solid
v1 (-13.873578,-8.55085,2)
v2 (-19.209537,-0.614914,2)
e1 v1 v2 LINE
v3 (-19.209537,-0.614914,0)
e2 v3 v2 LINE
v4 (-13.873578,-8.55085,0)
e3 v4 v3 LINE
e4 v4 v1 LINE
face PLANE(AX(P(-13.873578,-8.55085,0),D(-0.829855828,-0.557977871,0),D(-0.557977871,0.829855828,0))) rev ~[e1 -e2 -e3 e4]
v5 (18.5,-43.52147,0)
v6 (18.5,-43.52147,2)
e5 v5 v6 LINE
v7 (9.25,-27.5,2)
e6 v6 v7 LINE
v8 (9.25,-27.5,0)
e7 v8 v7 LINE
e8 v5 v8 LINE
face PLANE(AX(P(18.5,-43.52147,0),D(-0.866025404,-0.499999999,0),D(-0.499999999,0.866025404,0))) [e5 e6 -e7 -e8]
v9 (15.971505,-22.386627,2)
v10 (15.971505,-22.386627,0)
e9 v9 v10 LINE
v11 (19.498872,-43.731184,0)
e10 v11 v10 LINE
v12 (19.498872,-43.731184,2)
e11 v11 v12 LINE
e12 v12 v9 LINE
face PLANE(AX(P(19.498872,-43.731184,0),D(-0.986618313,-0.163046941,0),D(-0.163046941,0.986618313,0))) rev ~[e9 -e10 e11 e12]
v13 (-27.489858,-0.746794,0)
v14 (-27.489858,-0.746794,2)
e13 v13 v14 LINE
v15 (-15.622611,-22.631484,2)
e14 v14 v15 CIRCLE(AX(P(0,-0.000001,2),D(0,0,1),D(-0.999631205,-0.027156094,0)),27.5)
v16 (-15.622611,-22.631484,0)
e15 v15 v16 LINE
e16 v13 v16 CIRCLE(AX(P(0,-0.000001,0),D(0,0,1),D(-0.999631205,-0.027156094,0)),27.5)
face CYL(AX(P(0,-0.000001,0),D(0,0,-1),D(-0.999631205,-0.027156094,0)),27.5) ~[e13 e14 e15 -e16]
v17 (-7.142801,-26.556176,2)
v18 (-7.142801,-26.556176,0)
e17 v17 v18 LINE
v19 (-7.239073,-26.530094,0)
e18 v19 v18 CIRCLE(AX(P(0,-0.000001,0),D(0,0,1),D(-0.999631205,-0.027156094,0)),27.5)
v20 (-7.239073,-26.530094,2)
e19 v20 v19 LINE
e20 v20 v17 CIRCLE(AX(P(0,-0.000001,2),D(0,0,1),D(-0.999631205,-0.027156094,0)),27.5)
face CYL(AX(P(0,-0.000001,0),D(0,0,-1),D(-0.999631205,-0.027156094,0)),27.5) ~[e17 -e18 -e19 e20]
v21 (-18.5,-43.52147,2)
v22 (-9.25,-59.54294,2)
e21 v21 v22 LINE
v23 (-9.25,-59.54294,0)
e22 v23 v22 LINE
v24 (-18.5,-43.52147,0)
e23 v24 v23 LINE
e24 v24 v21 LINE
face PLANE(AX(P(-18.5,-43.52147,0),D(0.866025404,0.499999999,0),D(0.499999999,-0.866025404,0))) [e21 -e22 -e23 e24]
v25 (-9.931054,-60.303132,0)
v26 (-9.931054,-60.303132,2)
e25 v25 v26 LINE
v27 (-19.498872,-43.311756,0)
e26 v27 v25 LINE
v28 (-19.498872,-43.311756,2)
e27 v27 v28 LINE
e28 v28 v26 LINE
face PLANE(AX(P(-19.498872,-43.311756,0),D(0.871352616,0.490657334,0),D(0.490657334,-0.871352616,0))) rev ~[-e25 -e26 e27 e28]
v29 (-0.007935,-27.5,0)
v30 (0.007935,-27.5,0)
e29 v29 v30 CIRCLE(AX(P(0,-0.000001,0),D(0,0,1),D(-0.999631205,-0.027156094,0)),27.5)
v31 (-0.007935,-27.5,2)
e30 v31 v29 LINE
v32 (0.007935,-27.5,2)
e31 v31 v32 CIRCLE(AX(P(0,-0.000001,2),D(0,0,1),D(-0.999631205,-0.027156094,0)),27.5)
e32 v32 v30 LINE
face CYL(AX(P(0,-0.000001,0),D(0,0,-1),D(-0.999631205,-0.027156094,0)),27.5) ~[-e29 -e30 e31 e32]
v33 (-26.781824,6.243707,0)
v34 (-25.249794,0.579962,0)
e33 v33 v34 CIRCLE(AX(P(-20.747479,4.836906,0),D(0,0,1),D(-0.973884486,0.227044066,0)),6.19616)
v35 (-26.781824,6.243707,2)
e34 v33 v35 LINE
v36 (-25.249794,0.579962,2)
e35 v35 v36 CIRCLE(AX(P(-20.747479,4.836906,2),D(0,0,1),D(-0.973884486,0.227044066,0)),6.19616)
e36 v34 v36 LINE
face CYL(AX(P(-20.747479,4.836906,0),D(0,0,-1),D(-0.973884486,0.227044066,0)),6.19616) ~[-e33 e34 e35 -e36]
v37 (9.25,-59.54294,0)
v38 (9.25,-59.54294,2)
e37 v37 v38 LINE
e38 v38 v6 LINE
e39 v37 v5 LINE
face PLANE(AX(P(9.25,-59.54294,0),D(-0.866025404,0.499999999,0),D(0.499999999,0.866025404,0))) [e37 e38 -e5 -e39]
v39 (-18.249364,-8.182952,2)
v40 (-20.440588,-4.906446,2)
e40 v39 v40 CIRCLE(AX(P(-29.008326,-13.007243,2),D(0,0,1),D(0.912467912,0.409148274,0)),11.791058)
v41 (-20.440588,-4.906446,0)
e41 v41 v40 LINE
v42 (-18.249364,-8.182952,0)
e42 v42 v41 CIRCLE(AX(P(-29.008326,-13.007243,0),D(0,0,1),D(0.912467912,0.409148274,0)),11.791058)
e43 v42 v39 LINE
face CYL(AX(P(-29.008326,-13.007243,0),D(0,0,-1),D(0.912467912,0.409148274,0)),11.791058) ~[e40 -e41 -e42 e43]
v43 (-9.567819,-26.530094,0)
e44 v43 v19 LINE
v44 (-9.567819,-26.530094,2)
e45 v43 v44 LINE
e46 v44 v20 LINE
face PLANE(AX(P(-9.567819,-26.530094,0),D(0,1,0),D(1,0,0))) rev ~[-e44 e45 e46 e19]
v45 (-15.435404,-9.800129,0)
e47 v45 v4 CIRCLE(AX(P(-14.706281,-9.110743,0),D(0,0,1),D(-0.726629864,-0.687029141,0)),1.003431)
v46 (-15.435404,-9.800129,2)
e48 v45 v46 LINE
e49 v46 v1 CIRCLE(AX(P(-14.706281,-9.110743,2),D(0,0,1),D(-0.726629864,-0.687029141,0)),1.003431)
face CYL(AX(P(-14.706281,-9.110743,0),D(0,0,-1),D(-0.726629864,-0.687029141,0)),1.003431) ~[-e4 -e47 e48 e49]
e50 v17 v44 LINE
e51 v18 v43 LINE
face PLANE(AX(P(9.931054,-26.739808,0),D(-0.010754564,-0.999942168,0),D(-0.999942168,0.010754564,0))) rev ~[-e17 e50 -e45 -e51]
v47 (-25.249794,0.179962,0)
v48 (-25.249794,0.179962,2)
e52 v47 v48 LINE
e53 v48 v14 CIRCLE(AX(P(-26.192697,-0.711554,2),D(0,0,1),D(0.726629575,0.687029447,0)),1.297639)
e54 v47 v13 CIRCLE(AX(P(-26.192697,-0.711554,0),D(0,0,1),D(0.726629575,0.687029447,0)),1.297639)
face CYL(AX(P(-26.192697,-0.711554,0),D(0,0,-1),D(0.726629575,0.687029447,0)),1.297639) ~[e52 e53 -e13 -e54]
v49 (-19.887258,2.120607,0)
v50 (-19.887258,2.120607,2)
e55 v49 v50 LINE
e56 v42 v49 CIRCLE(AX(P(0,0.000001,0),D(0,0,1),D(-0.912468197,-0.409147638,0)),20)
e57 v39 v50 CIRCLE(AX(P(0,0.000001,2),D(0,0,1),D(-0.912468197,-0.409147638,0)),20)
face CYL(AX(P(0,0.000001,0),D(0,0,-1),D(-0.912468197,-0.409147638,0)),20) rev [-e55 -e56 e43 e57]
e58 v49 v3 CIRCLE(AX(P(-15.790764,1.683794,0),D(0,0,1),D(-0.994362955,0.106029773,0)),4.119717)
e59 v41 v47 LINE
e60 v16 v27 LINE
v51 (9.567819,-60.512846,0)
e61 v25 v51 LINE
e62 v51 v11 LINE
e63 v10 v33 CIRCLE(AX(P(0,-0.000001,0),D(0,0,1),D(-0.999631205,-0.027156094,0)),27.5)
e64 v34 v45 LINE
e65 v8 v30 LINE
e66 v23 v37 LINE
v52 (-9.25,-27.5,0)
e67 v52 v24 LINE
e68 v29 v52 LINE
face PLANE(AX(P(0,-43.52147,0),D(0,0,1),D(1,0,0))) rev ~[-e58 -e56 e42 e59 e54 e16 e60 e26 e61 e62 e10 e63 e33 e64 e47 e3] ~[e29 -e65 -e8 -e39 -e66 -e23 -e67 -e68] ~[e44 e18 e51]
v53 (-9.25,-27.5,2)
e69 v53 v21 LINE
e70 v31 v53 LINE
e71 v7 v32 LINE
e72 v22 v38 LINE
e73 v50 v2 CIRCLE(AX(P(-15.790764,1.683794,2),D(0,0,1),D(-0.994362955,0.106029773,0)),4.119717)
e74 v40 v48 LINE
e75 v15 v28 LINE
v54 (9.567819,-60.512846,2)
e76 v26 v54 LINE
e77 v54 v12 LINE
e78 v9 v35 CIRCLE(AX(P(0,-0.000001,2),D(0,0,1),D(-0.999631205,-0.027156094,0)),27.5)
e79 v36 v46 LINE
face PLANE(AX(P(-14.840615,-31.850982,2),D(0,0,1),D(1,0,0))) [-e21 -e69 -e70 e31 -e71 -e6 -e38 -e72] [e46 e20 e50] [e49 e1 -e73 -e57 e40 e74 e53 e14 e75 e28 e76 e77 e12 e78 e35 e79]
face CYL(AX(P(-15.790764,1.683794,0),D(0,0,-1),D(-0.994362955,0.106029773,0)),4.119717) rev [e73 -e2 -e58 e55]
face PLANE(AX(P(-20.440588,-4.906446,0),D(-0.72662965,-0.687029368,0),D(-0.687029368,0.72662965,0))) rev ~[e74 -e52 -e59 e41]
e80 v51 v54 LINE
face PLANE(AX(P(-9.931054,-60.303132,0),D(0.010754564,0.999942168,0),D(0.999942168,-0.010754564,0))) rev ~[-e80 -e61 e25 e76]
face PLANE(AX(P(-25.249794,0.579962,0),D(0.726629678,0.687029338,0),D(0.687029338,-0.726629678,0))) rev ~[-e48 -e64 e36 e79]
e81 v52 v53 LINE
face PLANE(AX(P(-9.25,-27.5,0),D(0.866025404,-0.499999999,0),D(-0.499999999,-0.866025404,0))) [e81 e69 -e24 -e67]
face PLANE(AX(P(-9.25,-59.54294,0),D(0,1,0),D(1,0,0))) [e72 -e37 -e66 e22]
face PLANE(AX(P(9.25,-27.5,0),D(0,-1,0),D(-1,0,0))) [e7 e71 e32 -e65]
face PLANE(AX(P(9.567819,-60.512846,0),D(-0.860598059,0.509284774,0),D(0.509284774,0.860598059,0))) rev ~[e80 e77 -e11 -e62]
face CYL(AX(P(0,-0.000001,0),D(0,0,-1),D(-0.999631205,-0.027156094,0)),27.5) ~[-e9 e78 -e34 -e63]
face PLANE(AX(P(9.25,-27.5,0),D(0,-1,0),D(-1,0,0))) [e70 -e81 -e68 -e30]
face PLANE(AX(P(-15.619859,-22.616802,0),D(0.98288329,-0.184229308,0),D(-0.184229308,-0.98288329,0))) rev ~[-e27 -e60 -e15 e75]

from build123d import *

# Parameters (mm, degrees)
PAD_DEPTH    = 2
PAD001_DEPTH = 2
PAD002_DEPTH = 2


with BuildPart() as part:
    # Sketch → Pad (new body)
    with BuildSketch(Plane.XY):
        with BuildLine():
            ThreePointArc((-27.489858, -0.746794), (27.360019, -2.771163), (-26.781824, 6.243707))
            ThreePointArc((-26.781824, 6.243707), (-26.728683, 3.219003), (-25.249794, 0.579962))
            Line((-25.249794, 0.579962), (-15.435404, -9.800129))
            ThreePointArc((-15.435404, -9.800129), (-14.079498, -9.894335), (-13.873578, -8.55085))
            Line((-13.873578, -8.55085), (-19.209537, -0.614914))
            ThreePointArc((-19.887258, 2.120607), (-19.789586, 0.693092), (-19.209537, -0.614914))
            ThreePointArc((-18.249364, -8.182952), (19.751995, 3.139854), (-19.887258, 2.120607))
            ThreePointArc((-18.249364, -8.182952), (-19.207091, -6.452486), (-20.440588, -4.906446))
            Line((-20.440588, -4.906446), (-25.249794, 0.179962))
            ThreePointArc((-25.249794, 0.179962), (-26.688775, 0.487518), (-27.489858, -0.746794))
        make_face()
    extrude(amount=PAD_DEPTH)

    # Sketch001 → Pad001 (join)
    with BuildSketch(Plane.XY):
        Polygon((19.498872, -43.731184), (9.931054, -26.739808), (-9.567819, -26.530094), (-19.498872, -43.311756), (-9.931054, -60.303132), (9.567819, -60.512846), align=None)
        Polygon((18.5, -43.52147), (9.25, -27.5), (-9.25, -27.5), (-18.5, -43.52147), (-9.25, -59.54294), (9.25, -59.54294), align=None, mode=Mode.SUBTRACT)
    extrude(amount=PAD001_DEPTH)

    # Sketch002 → Pad002 (join)
    with BuildSketch(Plane.XY):
        Polygon((-15.619859, -22.616802), (-19.498872, -43.311756), (-9.567819, -26.530094), (-6.937376, -26.530094), align=None)
        Polygon((19.498872, -43.731184), (15.971505, -22.386626), (6.569976, -26.703659), (9.931054, -26.739808), align=None)
    extrude(amount=PAD002_DEPTH)


solid = part.part
